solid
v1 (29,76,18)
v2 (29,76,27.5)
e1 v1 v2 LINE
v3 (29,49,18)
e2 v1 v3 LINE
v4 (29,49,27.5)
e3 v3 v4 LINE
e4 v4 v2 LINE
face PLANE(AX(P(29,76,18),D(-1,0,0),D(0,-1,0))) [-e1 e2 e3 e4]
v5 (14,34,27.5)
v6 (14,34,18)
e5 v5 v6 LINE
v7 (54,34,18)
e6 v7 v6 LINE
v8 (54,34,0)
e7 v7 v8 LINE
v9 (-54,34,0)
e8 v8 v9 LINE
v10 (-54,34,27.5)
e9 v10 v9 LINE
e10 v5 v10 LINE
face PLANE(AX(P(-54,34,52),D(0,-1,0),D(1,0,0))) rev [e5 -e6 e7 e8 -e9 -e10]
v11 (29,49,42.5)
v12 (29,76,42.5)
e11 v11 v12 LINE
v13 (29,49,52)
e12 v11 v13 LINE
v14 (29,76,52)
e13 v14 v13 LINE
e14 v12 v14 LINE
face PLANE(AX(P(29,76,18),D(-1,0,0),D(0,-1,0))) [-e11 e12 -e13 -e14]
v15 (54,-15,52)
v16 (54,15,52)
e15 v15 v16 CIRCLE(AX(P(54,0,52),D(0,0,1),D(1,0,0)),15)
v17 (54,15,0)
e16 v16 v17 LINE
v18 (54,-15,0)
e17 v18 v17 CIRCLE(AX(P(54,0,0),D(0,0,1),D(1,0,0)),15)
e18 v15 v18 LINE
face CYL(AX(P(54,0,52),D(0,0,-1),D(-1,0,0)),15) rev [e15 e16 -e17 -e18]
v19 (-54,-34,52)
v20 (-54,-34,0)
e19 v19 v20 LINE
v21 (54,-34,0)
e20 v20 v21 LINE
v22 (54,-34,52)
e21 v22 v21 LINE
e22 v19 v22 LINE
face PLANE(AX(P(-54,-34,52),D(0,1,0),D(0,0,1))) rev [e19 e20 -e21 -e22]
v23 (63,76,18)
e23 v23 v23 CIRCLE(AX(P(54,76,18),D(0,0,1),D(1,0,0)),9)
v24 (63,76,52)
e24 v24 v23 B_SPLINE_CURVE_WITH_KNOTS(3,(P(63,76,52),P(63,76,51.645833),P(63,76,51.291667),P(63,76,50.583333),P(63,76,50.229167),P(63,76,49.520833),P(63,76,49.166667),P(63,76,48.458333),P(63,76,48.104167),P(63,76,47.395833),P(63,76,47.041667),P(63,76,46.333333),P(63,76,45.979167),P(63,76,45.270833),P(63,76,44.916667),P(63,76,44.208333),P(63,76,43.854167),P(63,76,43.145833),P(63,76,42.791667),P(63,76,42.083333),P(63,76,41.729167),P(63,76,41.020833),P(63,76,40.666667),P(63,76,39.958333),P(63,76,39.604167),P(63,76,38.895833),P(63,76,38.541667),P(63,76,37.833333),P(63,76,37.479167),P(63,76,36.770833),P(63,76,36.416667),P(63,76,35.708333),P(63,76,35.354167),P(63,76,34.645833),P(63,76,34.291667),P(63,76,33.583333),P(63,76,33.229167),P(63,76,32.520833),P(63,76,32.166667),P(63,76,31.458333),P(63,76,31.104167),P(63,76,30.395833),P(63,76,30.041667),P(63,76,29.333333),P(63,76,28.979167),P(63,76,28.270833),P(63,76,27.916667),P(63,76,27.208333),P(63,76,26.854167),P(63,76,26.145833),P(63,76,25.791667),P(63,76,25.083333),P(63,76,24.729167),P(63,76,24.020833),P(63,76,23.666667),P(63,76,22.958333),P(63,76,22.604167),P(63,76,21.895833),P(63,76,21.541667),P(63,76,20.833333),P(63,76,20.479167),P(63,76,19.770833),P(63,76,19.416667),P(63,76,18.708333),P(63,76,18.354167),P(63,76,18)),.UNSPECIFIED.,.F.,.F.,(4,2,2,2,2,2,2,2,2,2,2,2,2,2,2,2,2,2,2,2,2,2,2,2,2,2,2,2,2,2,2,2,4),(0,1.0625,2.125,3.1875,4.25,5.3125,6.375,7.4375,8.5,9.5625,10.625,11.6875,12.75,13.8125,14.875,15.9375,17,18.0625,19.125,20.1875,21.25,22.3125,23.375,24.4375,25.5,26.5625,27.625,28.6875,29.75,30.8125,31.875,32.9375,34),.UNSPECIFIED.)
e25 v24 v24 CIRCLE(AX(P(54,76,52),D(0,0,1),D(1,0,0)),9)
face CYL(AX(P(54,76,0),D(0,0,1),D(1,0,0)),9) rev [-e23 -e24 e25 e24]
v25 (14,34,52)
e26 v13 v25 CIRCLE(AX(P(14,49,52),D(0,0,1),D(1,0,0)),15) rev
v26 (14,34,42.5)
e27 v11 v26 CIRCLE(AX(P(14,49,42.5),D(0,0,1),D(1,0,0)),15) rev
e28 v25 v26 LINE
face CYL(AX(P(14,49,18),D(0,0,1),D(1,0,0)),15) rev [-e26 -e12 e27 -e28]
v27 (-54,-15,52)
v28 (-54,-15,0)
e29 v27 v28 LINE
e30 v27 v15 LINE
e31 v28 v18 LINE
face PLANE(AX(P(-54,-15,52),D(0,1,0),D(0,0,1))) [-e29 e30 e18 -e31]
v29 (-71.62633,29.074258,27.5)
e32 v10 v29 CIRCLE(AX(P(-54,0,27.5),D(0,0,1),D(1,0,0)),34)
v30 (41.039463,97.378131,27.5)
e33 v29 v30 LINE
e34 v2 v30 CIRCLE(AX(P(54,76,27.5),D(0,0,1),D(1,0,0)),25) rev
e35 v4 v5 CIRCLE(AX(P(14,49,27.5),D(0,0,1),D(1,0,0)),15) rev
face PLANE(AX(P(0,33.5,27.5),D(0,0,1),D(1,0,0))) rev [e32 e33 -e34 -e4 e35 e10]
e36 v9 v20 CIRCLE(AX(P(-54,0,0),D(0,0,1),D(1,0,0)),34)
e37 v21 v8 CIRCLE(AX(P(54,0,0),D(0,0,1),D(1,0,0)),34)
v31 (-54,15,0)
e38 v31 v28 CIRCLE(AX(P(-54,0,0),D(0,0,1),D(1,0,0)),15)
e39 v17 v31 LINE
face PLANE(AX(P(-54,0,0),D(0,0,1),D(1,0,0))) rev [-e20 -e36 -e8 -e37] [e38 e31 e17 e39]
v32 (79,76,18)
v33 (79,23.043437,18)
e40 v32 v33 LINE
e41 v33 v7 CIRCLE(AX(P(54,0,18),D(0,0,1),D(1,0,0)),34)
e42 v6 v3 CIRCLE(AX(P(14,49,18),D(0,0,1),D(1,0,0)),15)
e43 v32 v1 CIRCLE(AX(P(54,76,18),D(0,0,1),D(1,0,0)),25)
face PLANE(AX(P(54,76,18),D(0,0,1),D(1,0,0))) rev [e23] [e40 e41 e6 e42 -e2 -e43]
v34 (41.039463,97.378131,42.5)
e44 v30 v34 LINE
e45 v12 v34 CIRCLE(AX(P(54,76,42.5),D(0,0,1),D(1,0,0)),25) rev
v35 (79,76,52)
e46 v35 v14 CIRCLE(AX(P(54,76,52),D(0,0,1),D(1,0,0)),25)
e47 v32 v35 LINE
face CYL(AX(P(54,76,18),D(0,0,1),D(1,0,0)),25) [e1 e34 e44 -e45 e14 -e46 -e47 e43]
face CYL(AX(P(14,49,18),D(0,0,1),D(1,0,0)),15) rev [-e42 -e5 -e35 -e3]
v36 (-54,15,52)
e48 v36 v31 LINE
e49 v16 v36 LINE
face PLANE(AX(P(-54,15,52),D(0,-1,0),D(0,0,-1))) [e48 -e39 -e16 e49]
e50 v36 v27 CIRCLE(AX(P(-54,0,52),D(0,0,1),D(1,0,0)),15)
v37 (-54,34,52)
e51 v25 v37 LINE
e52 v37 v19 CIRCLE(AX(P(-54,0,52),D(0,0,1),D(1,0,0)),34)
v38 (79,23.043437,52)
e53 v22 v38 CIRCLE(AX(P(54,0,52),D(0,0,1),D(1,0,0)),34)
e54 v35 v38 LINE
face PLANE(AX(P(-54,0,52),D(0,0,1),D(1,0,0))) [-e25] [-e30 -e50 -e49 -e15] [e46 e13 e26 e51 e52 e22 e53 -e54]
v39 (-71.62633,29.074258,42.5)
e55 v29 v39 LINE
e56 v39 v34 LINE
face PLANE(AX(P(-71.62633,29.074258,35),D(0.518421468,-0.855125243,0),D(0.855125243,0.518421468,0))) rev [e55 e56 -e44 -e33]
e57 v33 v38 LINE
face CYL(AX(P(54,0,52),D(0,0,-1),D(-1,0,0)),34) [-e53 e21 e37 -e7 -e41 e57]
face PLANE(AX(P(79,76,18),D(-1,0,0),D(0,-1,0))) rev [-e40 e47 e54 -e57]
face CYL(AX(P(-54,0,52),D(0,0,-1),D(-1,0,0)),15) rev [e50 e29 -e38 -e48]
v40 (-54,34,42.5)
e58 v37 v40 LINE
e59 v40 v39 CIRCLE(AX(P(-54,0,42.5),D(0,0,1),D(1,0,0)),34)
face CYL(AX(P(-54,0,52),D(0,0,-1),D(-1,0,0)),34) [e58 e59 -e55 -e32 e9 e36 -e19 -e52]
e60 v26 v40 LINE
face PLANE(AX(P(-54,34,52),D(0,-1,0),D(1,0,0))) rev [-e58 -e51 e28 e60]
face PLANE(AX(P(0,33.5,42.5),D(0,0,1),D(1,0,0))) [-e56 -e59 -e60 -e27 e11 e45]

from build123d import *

# Parameters (mm, degrees)
BOSS_EXTRUDE1_DEPTH = 52
BOSS_EXTRUDE2_START = -34
BOSS_EXTRUDE2_DEPTH = 34
SKETCH2_3_R         = 9
CUT_EXTRUDE2_DEPTH  = 144.697599145
FILLET1_R           = 15
RIB3_REACH          = 140.456
SKETCH4_WALL_W      = 410.665096048
SKETCH4_WALL_H      = 15


with BuildPart() as part:
    # Sketch1 → Boss-Extrude1 (new body)
    with BuildSketch(Plane.XY):
        with BuildLine():
            Line((-54, 34), (54, 34))
            ThreePointArc((54, 34), (88, 0), (54, -34))
            Line((54, -34), (-54, -34))
            ThreePointArc((-54, -34), (-88, 0), (-54, 34))
        make_face()
        with BuildLine():
            Line((-54, 15), (54, 15))
            ThreePointArc((54, 15), (69, 0), (54, -15))
            Line((54, -15), (-54, -15))
            ThreePointArc((-54, -15), (-69, 0), (-54, 15))
        make_face(mode=Mode.SUBTRACT)
    extrude(amount=BOSS_EXTRUDE1_DEPTH)

    # Sketch2 → Boss-Extrude2 (add)
    with BuildSketch(Plane.XY.offset(52).offset(BOSS_EXTRUDE2_START)):
        with BuildLine():
            Line((29, 76), (29, 34))
            Line((29, 34), (54, 34))
            ThreePointArc((54, 34), (67.647767834, 31.140623519), (79, 23.043437244))
            Line((79, 23.043437244), (79, 76))
            ThreePointArc((79, 76), (54, 101), (29, 76))
        make_face()
    extrude(amount=BOSS_EXTRUDE2_DEPTH)

    # Sketch2<3> → Cut-Extrude2 (cut, through all)
    with BuildSketch(Plane.XY.offset(52)):
        with Locations((54, 76)):
            Circle(SKETCH2_3_R)
    extrude(amount=-CUT_EXTRUDE2_DEPTH, mode=Mode.SUBTRACT)

    # Fillet1
    fillet1_edges = [part.edges().sort_by_distance(p)[0] for p in [
        (29, 34, 35),
    ]]
    fillet(fillet1_edges, radius=FILLET1_R)

    # Sketch4 wall → Rib3 (add, up to next)
    with BuildSketch(Plane(origin=(-15.293433294, 63.226194681, 35), x_dir=(0.855125243419, 0.518421467599, 0), z_dir=(-0.518421467599, 0.855125243419, 0)), mode=Mode.PRIVATE) as rib3_sk1:
        Rectangle(SKETCH4_WALL_W, SKETCH4_WALL_H)
    rib3_tool1 = extrude(rib3_sk1.sketch, amount=-RIB3_REACH, mode=Mode.PRIVATE) - part.part
    add(rib3_tool1.solids().sort_by_distance((-15.293433294, 63.226194681, 35))[0])


solid = part.part
